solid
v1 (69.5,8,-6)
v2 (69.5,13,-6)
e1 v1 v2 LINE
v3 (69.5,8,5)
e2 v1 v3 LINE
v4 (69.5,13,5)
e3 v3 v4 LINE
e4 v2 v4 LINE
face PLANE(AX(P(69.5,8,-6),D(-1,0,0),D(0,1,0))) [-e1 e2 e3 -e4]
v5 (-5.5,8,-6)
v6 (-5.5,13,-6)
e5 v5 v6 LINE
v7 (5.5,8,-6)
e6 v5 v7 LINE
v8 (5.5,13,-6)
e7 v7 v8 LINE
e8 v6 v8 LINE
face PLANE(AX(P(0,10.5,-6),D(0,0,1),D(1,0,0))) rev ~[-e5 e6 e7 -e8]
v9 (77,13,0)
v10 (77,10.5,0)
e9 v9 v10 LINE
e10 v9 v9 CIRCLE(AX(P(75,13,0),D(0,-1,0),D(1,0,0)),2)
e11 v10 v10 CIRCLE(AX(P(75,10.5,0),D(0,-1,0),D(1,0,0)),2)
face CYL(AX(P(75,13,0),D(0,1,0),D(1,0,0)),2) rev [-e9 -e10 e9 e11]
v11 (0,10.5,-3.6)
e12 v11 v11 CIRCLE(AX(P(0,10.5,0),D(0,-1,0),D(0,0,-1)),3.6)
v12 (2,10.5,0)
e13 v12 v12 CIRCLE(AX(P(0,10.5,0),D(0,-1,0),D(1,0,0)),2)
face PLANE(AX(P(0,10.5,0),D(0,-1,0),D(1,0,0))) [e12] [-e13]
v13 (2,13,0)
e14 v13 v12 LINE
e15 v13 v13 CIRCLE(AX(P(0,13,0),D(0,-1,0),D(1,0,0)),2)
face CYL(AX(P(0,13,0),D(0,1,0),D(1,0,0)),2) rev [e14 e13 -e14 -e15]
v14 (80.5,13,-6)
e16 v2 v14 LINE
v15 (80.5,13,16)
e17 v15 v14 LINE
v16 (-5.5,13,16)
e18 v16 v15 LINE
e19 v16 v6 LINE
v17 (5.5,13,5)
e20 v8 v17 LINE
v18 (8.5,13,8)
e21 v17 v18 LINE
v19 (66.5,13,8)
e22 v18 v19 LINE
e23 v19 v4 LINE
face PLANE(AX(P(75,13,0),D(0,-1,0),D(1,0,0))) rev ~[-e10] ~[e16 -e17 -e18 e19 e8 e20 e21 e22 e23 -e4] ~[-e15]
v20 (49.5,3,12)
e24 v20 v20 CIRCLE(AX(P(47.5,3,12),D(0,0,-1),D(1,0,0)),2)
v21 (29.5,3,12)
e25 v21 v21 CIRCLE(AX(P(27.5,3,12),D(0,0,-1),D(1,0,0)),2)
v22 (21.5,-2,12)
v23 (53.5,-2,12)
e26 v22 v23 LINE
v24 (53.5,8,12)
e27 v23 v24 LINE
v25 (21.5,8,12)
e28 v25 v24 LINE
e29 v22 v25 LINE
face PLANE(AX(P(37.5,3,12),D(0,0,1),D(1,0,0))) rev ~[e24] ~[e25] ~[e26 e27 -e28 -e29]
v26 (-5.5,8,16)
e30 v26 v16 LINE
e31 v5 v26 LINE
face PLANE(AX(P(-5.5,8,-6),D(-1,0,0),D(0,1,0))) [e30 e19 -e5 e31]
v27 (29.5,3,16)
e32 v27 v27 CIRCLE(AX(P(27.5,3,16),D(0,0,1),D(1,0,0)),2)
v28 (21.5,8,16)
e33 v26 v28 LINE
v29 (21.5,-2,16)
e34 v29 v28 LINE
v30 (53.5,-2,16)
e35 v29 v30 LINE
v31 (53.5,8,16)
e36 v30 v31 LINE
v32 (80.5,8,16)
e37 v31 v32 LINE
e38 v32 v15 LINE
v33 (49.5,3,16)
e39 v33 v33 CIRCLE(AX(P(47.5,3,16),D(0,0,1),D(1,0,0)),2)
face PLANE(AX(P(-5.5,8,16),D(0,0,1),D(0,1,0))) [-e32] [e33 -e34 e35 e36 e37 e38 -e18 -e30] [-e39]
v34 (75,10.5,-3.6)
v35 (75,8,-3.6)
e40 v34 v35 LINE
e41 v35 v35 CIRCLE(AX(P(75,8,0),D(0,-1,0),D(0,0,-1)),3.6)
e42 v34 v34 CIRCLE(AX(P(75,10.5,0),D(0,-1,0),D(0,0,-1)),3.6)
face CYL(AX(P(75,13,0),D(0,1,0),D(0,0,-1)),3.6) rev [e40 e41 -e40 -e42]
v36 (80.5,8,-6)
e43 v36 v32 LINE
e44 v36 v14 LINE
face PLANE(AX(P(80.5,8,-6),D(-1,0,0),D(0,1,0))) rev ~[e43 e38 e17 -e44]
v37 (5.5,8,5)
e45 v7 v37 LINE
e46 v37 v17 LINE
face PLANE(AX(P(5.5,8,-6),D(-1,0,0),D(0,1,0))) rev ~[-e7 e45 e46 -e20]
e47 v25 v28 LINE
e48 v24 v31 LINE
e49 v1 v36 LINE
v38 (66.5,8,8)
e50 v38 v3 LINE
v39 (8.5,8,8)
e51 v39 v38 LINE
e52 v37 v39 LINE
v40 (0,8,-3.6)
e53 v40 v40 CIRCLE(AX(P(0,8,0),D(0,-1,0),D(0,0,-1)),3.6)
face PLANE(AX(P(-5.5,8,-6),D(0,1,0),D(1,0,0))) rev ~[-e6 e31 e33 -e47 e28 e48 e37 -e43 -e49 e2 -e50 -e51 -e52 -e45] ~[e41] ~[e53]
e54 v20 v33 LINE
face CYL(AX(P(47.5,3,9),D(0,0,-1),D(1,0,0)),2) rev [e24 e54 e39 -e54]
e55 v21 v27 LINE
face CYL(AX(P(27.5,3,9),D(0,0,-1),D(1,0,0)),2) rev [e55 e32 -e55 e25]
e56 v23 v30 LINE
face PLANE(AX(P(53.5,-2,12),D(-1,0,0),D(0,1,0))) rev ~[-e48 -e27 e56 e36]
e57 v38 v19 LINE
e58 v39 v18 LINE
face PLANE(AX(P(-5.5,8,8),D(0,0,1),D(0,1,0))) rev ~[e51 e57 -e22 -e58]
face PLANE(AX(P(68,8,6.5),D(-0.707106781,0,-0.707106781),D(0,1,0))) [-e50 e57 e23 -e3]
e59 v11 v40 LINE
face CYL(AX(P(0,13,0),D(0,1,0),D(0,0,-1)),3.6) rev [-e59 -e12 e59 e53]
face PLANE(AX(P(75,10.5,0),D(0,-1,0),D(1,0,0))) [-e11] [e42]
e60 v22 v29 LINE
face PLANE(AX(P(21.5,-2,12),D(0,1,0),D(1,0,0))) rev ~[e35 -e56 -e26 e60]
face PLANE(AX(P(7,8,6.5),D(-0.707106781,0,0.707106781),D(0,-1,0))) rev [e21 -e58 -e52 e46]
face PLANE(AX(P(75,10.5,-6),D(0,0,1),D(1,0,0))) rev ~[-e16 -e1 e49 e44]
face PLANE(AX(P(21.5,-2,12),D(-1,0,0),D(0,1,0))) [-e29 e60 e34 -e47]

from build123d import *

# Parameters (mm, degrees)
BOX062_W          = 5
BOX062_H          = 8
BOX062_DEPTH      = 86
CYLINDER121_R     = 3.6
CYLINDER121_DEPTH = 5
BOX064_W          = 11
BOX064_H          = 5
BOX064_DEPTH      = 14
CYLINDER120_R     = 3.6
CYLINDER120_DEPTH = 5
BOX063_W          = 11
BOX063_H          = 5
BOX063_DEPTH      = 14
TUBE014_R         = 3.6
TUBE014_R_2       = 2
TUBE014_DEPTH     = 2.5
TUBE015_R         = 3.6
TUBE015_R_2       = 2
TUBE015_DEPTH     = 2.5
CYLINDER108_R     = 2
CYLINDER108_DEPTH = 7
CYLINDER107_R     = 2
CYLINDER107_DEPTH = 7
BOX050_W          = 32
BOX050_H          = 10
BOX050_DEPTH      = 4
CHAMFER002_SIZE   = 3


with BuildPart() as cube062:
    # Box062 → Box062 (new body)
    with BuildSketch(Plane(origin=(-5.5, 8, 8), x_dir=(0, 1, 0), z_dir=(1, 0, 0))):
        with Locations((2.5, 4)):
            Rectangle(BOX062_W, BOX062_H)
    extrude(amount=BOX062_DEPTH)


with BuildPart() as cylinder121:
    # Cylinder121 → Cylinder121 (new body)
    with BuildSketch(Plane(origin=(75, -73, 0), x_dir=(0, 0, -1), z_dir=(0, -1, 0))):
        Circle(CYLINDER121_R)
    extrude(amount=CYLINDER121_DEPTH)


with BuildPart() as cut066:
    # Box064 → Box064 (new body)
    with BuildSketch(Plane(origin=(69.5, -78, -6), x_dir=(1, 0, 0), z_dir=(0, 0, 1))):
        with Locations((5.5, 2.5)):
            Rectangle(BOX064_W, BOX064_H)
    extrude(amount=BOX064_DEPTH)

    # Cut066: cut Cylinder121
    add(cylinder121.part, mode=Mode.SUBTRACT)


with BuildPart() as cut066_1:
    # Cut066 placement: moved
    add(cut066.part.moved(Location((0, 86, 0))))


with BuildPart() as cylinder120:
    # Cylinder120 → Cylinder120 (new body)
    with BuildSketch(Plane(origin=(0, -73, 0), x_dir=(0, 0, -1), z_dir=(0, -1, 0))):
        Circle(CYLINDER120_R)
    extrude(amount=CYLINDER120_DEPTH)


with BuildPart() as cut065:
    # Box063 → Box063 (new body)
    with BuildSketch(Plane(origin=(-5.5, -78, -6), x_dir=(1, 0, 0), z_dir=(0, 0, 1))):
        with Locations((5.5, 2.5)):
            Rectangle(BOX063_W, BOX063_H)
    extrude(amount=BOX063_DEPTH)

    # Cut065: cut Cylinder120
    add(cylinder120.part, mode=Mode.SUBTRACT)


with BuildPart() as cut065_1:
    # Cut065 placement: moved
    add(cut065.part.moved(Location((0, 86, 0))))


with BuildPart() as tube014:
    # Tube014 → Tube014 (new body)
    with BuildSketch(Plane.XZ.offset(-13)):
        Circle(TUBE014_R)
        Circle(TUBE014_R_2, mode=Mode.SUBTRACT)
    extrude(amount=TUBE014_DEPTH)


with BuildPart() as tube015:
    # Tube015 → Tube015 (new body)
    with BuildSketch(Plane(origin=(75, 13, 0), x_dir=(1, 0, 0), z_dir=(0, -1, 0))):
        Circle(TUBE015_R)
        Circle(TUBE015_R_2, mode=Mode.SUBTRACT)
    extrude(amount=TUBE015_DEPTH)


with BuildPart() as cylinder108:
    # Cylinder108 → Cylinder108 (new body)
    with BuildSketch(Plane(origin=(28, -68, 7), x_dir=(1, 0, 0), z_dir=(0, 0, 1))):
        Circle(CYLINDER108_R)
    extrude(amount=CYLINDER108_DEPTH)


with BuildPart() as fusion053:
    # Cylinder107 → Cylinder107 (new body)
    with BuildSketch(Plane(origin=(48, -68, 7), x_dir=(1, 0, 0), z_dir=(0, 0, 1))):
        Circle(CYLINDER107_R)
    extrude(amount=CYLINDER107_DEPTH)

    # Fusion053: union Cylinder108
    add(cylinder108.part)


with BuildPart() as fusion053_1:
    # Fusion053 placement: moved
    add(fusion053.part.moved(Location((0, 0, 3))))


with BuildPart() as chamfer002:
    # Box050 → Box050 (new body)
    with BuildSketch(Plane(origin=(22, -73, 13), x_dir=(1, 0, 0), z_dir=(0, 0, 1))):
        with Locations((16, 5)):
            Rectangle(BOX050_W, BOX050_H)
    extrude(amount=BOX050_DEPTH)

    # Cut050: cut Fusion053
    add(fusion053_1.part, mode=Mode.SUBTRACT)


with BuildPart() as chamfer002_1:
    # Cut050 placement: moved
    add(chamfer002.part.moved(Location((-0.5, 71, -1))))

    # Fusion104: union Cube062, Cut066, Cut065, Tube014, Tube015
    add(cube062.part)
    add(cut066_1.part)
    add(cut065_1.part)
    add(tube014.part)
    add(tube015.part)

    # Chamfer002
    chamfer002_edges = [chamfer002_1.edges().sort_by_distance(p)[0] for p in [
        (5.5, 10.5, 8),
        (69.5, 10.5, 8),
    ]]
    chamfer(chamfer002_edges, length=CHAMFER002_SIZE)


solid = chamfer002_1.part
